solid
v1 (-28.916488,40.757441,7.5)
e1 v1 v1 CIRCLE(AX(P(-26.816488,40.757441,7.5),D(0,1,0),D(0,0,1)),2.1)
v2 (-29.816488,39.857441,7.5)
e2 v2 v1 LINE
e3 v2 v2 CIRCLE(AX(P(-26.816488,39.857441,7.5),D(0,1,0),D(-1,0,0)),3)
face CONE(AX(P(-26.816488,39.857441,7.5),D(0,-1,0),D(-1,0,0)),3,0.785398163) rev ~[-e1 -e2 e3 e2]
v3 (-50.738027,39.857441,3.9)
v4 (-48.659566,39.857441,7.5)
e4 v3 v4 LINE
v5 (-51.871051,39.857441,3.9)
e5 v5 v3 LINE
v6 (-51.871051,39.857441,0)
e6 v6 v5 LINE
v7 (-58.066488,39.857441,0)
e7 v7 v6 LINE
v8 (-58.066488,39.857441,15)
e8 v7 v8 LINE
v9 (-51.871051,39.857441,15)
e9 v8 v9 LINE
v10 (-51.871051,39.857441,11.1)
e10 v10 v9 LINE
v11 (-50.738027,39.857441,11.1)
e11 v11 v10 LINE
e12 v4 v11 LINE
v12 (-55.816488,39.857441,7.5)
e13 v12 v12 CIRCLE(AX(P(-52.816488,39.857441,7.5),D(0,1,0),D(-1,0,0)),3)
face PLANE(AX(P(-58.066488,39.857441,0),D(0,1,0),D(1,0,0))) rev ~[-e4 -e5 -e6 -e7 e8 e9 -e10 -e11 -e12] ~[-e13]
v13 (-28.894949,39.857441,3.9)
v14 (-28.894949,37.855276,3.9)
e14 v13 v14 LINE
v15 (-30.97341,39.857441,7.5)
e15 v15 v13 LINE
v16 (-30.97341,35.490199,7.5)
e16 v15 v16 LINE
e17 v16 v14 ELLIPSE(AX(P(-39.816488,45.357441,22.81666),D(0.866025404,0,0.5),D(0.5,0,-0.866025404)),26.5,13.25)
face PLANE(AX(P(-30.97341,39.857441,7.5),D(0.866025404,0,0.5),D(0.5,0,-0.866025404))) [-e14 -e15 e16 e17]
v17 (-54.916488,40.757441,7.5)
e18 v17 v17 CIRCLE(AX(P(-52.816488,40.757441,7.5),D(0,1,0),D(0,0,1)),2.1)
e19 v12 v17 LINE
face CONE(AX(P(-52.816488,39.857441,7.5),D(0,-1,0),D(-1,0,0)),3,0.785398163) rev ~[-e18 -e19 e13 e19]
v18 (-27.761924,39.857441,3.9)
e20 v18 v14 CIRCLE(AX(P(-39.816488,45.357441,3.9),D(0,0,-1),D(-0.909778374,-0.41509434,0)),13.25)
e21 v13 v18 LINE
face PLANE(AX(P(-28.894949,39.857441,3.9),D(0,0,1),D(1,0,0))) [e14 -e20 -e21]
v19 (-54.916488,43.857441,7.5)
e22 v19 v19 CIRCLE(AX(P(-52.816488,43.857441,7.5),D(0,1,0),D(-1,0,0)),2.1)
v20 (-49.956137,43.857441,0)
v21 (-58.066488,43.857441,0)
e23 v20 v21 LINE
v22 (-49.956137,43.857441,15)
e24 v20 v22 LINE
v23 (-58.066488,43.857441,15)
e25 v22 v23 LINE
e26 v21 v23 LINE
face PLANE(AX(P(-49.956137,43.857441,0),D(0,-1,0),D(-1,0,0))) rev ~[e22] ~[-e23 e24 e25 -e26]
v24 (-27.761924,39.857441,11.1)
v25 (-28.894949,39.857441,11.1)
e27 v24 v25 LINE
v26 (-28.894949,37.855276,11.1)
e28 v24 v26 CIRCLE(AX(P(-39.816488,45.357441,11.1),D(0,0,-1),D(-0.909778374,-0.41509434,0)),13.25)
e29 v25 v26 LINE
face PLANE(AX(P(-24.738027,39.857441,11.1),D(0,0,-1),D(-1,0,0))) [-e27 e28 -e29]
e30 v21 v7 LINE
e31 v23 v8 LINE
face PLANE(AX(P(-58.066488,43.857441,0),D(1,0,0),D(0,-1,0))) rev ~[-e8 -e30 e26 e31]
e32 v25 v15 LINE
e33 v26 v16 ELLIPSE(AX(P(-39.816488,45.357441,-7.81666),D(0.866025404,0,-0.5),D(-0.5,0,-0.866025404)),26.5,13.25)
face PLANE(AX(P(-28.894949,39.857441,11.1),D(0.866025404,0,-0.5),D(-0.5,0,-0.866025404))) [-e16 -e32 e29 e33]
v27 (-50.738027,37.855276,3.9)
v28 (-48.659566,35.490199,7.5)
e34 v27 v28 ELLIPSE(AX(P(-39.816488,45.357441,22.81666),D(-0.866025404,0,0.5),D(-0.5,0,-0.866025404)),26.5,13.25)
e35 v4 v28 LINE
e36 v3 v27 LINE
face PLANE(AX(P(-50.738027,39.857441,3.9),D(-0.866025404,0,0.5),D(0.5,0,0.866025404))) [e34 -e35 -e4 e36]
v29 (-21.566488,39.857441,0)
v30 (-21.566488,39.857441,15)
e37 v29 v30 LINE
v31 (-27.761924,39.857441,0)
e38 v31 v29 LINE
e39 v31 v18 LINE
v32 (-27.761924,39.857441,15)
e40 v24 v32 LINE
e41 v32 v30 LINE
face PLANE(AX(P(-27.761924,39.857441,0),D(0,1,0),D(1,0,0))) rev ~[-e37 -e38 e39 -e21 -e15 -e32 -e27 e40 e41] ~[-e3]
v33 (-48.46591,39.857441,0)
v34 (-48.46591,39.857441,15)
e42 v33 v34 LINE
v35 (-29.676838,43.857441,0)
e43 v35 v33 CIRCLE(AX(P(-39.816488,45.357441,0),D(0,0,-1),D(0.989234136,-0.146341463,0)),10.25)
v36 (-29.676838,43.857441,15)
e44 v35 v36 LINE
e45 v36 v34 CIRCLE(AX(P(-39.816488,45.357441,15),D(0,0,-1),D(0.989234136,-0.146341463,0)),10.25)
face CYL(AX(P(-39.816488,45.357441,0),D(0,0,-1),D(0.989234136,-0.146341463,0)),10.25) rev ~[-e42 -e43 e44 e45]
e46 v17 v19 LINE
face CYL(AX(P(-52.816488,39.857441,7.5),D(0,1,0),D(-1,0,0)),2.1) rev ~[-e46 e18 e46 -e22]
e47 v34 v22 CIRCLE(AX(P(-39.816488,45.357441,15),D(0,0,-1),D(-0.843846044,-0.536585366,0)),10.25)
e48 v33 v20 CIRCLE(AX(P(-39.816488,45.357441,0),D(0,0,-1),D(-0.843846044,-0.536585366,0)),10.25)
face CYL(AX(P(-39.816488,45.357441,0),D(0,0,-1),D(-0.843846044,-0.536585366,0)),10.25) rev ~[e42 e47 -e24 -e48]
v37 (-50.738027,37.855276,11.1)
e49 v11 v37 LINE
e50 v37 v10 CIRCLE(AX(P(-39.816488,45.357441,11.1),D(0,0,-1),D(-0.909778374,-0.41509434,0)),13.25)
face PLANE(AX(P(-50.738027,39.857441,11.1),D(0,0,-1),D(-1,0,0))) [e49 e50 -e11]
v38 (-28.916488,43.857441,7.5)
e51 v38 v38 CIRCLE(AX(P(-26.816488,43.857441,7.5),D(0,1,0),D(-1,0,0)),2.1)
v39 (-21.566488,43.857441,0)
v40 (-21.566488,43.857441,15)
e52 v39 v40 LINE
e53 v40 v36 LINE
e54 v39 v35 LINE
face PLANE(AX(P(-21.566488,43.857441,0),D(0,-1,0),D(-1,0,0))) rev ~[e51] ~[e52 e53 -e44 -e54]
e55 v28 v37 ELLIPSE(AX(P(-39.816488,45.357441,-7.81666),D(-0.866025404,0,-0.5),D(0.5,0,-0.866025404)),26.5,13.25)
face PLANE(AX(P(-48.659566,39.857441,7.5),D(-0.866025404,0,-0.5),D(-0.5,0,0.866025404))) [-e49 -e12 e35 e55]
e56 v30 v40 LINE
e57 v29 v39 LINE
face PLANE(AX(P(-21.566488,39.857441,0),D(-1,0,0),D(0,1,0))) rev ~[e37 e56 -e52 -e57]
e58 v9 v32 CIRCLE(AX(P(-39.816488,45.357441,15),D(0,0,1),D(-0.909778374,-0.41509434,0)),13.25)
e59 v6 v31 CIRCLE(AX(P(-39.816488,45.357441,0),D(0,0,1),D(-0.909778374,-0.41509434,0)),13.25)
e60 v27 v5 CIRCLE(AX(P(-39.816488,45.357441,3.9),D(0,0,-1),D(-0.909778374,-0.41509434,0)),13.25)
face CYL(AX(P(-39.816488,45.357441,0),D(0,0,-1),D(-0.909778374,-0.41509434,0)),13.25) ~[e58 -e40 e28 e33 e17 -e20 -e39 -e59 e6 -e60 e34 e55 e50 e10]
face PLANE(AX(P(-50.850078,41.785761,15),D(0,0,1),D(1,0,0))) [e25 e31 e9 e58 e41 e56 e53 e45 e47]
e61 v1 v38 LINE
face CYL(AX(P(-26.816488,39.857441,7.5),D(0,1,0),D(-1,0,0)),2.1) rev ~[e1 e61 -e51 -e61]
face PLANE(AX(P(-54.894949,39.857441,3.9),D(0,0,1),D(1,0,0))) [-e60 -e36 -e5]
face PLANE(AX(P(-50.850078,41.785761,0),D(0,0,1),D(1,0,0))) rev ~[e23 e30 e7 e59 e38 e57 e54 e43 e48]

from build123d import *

# Parameters (mm, degrees)
F1_DEPTH       = 15
F3_D           = 4.2
F3_DEPTH       = 10
F3_CSINK_D     = 6
F3_CSINK_ANGLE = 90
F3_TIP         = 1.2618073
F4_DEPTH       = 25


with BuildPart() as f1:
    # F0 (on Top) → F1 (new body)
    with BuildSketch(Plane.XY):
        with BuildLine():
            ThreePointArc((-48.4659095265, 39.8574409581), (-49.4215542208, 41.7790062675), (-49.9561374759, 43.8574409581))
            Line((-49.9561374759, 43.8574409581), (-52.9813081262, 43.8574409581))
            ThreePointArc((-52.9813081262, 43.8574409581), (-52.58380258, 41.8136904443), (-51.8710510318, 39.8574409581))
            Line((-51.8710510318, 39.8574409581), (-48.4659095265, 39.8574409581))
        make_face()
        with BuildLine():
            ThreePointArc((-51.8710510318, 39.8574409581), (-52.58380258, 41.8136904443), (-52.9813081262, 43.8574409581))
            Line((-52.9813081262, 43.8574409581), (-58.0664875805, 43.8574409581))
            Line((-58.0664875805, 43.8574409581), (-58.0664875805, 39.8574409581))
            Line((-58.0664875805, 39.8574409581), (-51.8710510318, 39.8574409581))
        make_face()
        with BuildLine():
            Line((-21.5664875805, 43.8574409581), (-26.6516670349, 43.8574409581))
            ThreePointArc((-26.6516670349, 43.8574409581), (-27.0491725811, 41.8136904443), (-27.7619241293, 39.8574409581))
            Line((-27.7619241293, 39.8574409581), (-21.5664875805, 39.8574409581))
            Line((-21.5664875805, 39.8574409581), (-21.5664875805, 43.8574409581))
        make_face()
        with BuildLine():
            ThreePointArc((-29.6768376852, 43.8574409581), (-37.682197339, 35.3321077883), (-48.4659095265, 39.8574409581))
            Line((-48.4659095265, 39.8574409581), (-51.8710510318, 39.8574409581))
            ThreePointArc((-51.8710510318, 39.8574409581), (-39.8164875805, 32.1074409581), (-27.7619241293, 39.8574409581))
            ThreePointArc((-27.7619241293, 39.8574409581), (-27.0491725811, 41.8136904443), (-26.6516670349, 43.8574409581))
            Line((-26.6516670349, 43.8574409581), (-29.6768376852, 43.8574409581))
        make_face()
    extrude(amount=F1_DEPTH)

    # F3
    with Locations(Plane.XZ.offset(-39.8574409581)):
        with Locations((-52.8164875805, 7.5), (-26.8164875805, 7.5)):
            CounterSinkHole(F3_D / 2, F3_CSINK_D / 2, depth=F3_DEPTH, counter_sink_angle=F3_CSINK_ANGLE)
            with Locations((0, 0, -(F3_DEPTH + F3_TIP / 2))):  # 118° drill point
                Cone(0, F3_D / 2, F3_TIP, mode=Mode.SUBTRACT)

    # F2 (on face) → F4 (cut)
    with BuildSketch(Plane.XZ.offset(-39.8574409581)):
        Polygon((-54.8949485496, 3.9), (-50.7380266115, 3.9), (-48.6595656424, 7.5), (-50.7380266115, 11.1), (-54.8949485496, 11.1), (-56.9734095187, 7.5), align=None)
        Polygon((-28.8949485496, 3.9), (-24.7380266115, 3.9), (-22.6595656424, 7.5), (-24.7380266115, 11.1), (-28.8949485496, 11.1), (-30.9734095187, 7.5), align=None)
    extrude(amount=F4_DEPTH, mode=Mode.SUBTRACT)


solid = f1.part
